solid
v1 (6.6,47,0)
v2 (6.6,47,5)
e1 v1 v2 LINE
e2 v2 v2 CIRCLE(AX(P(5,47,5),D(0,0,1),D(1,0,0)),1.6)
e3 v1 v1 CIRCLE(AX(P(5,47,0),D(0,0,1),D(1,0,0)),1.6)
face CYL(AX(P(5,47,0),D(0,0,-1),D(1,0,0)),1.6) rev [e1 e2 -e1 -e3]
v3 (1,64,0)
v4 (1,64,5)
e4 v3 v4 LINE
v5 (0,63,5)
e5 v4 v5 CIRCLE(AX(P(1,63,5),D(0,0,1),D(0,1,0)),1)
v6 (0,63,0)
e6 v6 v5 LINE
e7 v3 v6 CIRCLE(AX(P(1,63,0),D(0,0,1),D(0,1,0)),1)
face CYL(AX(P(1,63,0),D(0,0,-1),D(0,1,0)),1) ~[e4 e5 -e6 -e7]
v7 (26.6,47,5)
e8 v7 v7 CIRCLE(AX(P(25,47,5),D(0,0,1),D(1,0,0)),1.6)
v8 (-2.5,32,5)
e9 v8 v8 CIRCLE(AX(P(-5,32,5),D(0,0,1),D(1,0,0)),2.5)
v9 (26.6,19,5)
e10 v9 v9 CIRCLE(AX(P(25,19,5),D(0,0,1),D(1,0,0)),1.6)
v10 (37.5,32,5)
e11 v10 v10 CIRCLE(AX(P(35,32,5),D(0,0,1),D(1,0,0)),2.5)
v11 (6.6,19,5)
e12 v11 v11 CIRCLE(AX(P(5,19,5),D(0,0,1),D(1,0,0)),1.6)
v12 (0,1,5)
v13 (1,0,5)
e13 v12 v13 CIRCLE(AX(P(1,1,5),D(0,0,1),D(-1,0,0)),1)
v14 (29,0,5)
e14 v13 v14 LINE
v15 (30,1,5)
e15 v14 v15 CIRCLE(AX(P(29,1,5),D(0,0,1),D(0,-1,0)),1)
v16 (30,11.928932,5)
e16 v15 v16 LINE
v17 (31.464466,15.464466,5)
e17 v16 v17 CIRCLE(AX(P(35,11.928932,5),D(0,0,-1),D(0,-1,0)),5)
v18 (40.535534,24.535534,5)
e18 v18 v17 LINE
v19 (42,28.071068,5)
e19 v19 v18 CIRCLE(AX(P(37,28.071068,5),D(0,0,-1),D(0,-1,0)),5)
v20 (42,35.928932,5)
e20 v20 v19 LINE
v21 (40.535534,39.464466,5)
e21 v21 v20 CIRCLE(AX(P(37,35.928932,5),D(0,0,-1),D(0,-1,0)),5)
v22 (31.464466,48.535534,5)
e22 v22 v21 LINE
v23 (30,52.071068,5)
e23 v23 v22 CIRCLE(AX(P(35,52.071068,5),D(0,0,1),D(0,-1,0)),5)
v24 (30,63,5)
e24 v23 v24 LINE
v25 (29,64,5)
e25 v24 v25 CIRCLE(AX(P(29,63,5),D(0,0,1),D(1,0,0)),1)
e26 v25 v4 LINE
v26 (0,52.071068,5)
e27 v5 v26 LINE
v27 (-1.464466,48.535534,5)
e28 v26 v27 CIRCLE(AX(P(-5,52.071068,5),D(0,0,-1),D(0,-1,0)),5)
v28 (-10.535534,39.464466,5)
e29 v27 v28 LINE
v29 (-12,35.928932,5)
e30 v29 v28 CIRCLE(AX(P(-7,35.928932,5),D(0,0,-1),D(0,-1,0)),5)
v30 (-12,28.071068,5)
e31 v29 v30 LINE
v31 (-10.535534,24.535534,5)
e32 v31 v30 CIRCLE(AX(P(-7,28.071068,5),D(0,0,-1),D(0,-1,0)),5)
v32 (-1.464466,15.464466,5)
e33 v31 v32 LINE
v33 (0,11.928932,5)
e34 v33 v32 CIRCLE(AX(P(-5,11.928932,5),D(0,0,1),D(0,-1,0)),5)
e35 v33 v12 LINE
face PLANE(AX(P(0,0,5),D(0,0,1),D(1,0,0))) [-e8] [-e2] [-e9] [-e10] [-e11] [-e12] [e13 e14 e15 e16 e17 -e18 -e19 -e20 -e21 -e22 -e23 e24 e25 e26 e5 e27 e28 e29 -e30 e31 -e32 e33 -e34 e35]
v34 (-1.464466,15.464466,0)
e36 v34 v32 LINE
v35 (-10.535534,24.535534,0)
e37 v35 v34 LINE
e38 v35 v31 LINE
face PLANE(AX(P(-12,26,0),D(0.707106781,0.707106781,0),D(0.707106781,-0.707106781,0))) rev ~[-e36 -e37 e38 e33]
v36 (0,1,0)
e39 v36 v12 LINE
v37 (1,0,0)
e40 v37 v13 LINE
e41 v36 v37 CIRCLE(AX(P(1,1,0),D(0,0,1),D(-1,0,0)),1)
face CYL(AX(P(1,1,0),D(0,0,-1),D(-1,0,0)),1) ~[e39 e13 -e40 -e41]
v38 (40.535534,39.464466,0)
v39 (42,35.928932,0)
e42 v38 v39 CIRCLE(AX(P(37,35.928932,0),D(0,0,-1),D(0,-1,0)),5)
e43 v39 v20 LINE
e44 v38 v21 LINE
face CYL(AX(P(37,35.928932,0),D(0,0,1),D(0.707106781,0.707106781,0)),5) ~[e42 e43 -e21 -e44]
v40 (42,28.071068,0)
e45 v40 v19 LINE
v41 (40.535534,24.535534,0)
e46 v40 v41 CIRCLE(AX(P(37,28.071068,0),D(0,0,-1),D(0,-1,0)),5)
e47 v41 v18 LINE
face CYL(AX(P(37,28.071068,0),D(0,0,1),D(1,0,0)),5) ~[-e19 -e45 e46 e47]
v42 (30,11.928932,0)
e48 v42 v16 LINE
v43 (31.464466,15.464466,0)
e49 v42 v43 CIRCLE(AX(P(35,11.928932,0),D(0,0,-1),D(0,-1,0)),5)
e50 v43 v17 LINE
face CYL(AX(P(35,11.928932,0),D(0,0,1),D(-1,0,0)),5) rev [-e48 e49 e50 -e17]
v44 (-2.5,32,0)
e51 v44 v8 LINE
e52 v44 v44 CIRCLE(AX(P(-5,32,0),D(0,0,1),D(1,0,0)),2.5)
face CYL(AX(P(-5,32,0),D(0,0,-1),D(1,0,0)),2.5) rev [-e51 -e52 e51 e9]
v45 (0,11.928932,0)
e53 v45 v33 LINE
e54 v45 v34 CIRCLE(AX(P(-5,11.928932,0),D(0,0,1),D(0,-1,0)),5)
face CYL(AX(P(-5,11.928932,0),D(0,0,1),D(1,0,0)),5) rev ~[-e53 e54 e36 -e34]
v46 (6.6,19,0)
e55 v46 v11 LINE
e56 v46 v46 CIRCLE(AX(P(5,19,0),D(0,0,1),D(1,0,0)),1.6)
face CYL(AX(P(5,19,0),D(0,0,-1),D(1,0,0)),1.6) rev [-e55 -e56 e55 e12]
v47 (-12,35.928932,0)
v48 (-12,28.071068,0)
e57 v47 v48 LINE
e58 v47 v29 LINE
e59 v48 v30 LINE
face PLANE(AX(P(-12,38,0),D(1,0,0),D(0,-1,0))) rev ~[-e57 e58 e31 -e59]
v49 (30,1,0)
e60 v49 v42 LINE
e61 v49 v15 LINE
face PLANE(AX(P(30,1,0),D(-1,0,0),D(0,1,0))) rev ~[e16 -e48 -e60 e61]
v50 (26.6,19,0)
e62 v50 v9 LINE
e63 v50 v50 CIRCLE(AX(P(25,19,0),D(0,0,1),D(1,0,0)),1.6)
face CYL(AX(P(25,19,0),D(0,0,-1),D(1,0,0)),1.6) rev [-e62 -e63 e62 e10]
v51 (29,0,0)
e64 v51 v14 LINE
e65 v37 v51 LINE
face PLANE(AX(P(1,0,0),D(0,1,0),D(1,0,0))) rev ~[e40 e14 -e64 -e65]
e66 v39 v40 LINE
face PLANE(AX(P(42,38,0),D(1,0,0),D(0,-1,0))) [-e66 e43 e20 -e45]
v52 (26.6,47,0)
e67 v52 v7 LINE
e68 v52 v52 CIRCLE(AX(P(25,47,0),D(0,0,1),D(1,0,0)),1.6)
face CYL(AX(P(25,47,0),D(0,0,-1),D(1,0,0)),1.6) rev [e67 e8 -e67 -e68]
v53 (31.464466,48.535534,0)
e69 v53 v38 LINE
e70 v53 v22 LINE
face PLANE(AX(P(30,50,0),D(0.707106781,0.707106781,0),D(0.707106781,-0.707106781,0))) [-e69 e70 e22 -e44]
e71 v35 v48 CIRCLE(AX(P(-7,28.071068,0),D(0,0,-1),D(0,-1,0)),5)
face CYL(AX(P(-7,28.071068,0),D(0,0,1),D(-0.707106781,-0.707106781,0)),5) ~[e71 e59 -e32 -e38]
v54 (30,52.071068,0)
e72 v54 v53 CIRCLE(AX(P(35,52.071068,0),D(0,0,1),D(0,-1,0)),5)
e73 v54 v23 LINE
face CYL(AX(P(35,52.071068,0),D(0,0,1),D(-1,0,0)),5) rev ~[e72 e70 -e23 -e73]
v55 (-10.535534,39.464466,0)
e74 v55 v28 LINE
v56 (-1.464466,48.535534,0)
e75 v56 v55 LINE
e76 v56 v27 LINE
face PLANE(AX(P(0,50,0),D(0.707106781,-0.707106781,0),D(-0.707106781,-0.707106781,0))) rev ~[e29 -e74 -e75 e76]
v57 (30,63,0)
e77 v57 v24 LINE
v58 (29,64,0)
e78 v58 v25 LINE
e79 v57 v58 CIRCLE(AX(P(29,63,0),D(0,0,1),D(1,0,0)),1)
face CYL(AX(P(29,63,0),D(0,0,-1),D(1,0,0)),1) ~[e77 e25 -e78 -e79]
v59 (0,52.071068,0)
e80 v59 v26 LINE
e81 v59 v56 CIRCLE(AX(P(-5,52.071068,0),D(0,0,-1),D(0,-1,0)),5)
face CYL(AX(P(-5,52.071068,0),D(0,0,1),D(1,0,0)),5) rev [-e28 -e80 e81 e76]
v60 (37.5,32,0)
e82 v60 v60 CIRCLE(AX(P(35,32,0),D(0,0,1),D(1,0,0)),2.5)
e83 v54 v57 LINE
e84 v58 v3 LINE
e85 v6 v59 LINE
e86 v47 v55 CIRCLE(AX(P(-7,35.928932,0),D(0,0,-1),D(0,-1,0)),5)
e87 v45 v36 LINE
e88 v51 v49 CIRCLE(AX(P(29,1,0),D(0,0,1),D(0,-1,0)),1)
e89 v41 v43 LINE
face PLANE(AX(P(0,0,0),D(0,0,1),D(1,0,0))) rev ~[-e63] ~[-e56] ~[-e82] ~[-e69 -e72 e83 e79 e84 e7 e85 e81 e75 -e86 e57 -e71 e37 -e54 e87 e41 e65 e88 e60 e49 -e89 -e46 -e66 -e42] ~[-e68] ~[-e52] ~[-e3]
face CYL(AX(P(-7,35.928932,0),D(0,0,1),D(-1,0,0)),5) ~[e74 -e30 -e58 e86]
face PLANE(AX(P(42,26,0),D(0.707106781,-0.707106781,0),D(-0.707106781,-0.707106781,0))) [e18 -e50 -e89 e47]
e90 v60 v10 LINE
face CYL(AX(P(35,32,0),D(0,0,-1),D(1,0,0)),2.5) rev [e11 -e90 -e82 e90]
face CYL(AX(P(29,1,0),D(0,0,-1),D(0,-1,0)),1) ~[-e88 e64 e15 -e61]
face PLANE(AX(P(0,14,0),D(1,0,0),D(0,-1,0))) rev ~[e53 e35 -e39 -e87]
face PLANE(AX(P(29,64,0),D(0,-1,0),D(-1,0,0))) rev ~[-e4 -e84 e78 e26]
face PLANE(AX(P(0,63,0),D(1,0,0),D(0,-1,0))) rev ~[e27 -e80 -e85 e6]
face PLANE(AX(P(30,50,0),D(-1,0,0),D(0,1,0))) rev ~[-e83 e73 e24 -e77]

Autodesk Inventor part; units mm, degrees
ref_plane "YZ Plane" through (0, 0, 0) normal (1, 0, 0) x (0, 1, 0)
ref_plane "XZ Plane" through (0, 0, 0) normal (0, 1, 0) x (-1, 0, 0)
ref_plane "XY Plane" through (0, 0, 0) normal (0, 0, 1) x (1, 0, 0)
sketch "Skizze1" plane through (0, 0, 0) normal (0, 0, 1) x (1, 0, 0)
  line L0 (1, 0) -> (29, 0)
  line L1 (30, 1) -> (30, 63)
  line L2 (29, 64) -> (1, 64)
  line L3 (0, 63) -> (0, 1)
  arc A0 (0, 1) -> (1, 0) centre (1, 1) ccw
  arc A1 (29, 0) -> (30, 1) centre (29, 1) ccw
  arc A2 (30, 63) -> (29, 64) centre (29, 63) ccw
  arc A3 (1, 64) -> (0, 63) centre (1, 63) ccw
  line L4 (0, 50) -> (-12, 38)
  line L5 (-12, 38) -> (-12, 26)
  line L6 (-12, 26) -> (0, 14)
  line L7 (15, 64) -> (15, 0) construction
  line L8 (0, 32) -> (30, 32) construction
  circle A4 centre (-5, 32) radius 2.5
  circle A5 centre (5, 47) radius 1.6
  circle A6 centre (5, 19) radius 1.6
  line L9 (30, 50) -> (42, 38)
  line L10 (42, 38) -> (42, 26)
  line L11 (42, 26) -> (30, 14)
  circle A7 centre (35, 32) radius 2.5
  circle A8 centre (25, 47) radius 1.6
  circle A9 centre (25, 19) radius 1.6
  point P0 (0, 0)
  point P1 (30, 64)
  point P2 (30, 0)
  point P3 (0, 64)
  dimension "d31" = 64
  dimension "d32" = 30
  dimension "d33" = 1
  dimension "d34" = 12
  dimension "d36" = 45
  dimension "d37" = 45
  dimension "d38" = 12
  dimension "d39" = 5
  dimension "d40" = 7
  dimension "d41" = 6
  dimension "d42" = 3.2
  dimension "d43" = 3.2
  dimension "d44" = 19
  dimension "d45" = 28
  dimension "d46" = 10
  dimension "d48" = 40
extrude "Extrusion1" add sketch "Skizze1" along normal blind 5
fillet "Rundung1" radius 5 8 edges at (0, 14, 2.5) (-12, 26, 2.5) (-12, 38, 2.5) (0, 50, 2.5) (30, 14, 2.5) (42, 26, 2.5) (42, 38, 2.5) (30, 50, 2.5)
properties part number "103.010.01_Levilierebene_Stopper" material "PMMA-Kunststoff"
